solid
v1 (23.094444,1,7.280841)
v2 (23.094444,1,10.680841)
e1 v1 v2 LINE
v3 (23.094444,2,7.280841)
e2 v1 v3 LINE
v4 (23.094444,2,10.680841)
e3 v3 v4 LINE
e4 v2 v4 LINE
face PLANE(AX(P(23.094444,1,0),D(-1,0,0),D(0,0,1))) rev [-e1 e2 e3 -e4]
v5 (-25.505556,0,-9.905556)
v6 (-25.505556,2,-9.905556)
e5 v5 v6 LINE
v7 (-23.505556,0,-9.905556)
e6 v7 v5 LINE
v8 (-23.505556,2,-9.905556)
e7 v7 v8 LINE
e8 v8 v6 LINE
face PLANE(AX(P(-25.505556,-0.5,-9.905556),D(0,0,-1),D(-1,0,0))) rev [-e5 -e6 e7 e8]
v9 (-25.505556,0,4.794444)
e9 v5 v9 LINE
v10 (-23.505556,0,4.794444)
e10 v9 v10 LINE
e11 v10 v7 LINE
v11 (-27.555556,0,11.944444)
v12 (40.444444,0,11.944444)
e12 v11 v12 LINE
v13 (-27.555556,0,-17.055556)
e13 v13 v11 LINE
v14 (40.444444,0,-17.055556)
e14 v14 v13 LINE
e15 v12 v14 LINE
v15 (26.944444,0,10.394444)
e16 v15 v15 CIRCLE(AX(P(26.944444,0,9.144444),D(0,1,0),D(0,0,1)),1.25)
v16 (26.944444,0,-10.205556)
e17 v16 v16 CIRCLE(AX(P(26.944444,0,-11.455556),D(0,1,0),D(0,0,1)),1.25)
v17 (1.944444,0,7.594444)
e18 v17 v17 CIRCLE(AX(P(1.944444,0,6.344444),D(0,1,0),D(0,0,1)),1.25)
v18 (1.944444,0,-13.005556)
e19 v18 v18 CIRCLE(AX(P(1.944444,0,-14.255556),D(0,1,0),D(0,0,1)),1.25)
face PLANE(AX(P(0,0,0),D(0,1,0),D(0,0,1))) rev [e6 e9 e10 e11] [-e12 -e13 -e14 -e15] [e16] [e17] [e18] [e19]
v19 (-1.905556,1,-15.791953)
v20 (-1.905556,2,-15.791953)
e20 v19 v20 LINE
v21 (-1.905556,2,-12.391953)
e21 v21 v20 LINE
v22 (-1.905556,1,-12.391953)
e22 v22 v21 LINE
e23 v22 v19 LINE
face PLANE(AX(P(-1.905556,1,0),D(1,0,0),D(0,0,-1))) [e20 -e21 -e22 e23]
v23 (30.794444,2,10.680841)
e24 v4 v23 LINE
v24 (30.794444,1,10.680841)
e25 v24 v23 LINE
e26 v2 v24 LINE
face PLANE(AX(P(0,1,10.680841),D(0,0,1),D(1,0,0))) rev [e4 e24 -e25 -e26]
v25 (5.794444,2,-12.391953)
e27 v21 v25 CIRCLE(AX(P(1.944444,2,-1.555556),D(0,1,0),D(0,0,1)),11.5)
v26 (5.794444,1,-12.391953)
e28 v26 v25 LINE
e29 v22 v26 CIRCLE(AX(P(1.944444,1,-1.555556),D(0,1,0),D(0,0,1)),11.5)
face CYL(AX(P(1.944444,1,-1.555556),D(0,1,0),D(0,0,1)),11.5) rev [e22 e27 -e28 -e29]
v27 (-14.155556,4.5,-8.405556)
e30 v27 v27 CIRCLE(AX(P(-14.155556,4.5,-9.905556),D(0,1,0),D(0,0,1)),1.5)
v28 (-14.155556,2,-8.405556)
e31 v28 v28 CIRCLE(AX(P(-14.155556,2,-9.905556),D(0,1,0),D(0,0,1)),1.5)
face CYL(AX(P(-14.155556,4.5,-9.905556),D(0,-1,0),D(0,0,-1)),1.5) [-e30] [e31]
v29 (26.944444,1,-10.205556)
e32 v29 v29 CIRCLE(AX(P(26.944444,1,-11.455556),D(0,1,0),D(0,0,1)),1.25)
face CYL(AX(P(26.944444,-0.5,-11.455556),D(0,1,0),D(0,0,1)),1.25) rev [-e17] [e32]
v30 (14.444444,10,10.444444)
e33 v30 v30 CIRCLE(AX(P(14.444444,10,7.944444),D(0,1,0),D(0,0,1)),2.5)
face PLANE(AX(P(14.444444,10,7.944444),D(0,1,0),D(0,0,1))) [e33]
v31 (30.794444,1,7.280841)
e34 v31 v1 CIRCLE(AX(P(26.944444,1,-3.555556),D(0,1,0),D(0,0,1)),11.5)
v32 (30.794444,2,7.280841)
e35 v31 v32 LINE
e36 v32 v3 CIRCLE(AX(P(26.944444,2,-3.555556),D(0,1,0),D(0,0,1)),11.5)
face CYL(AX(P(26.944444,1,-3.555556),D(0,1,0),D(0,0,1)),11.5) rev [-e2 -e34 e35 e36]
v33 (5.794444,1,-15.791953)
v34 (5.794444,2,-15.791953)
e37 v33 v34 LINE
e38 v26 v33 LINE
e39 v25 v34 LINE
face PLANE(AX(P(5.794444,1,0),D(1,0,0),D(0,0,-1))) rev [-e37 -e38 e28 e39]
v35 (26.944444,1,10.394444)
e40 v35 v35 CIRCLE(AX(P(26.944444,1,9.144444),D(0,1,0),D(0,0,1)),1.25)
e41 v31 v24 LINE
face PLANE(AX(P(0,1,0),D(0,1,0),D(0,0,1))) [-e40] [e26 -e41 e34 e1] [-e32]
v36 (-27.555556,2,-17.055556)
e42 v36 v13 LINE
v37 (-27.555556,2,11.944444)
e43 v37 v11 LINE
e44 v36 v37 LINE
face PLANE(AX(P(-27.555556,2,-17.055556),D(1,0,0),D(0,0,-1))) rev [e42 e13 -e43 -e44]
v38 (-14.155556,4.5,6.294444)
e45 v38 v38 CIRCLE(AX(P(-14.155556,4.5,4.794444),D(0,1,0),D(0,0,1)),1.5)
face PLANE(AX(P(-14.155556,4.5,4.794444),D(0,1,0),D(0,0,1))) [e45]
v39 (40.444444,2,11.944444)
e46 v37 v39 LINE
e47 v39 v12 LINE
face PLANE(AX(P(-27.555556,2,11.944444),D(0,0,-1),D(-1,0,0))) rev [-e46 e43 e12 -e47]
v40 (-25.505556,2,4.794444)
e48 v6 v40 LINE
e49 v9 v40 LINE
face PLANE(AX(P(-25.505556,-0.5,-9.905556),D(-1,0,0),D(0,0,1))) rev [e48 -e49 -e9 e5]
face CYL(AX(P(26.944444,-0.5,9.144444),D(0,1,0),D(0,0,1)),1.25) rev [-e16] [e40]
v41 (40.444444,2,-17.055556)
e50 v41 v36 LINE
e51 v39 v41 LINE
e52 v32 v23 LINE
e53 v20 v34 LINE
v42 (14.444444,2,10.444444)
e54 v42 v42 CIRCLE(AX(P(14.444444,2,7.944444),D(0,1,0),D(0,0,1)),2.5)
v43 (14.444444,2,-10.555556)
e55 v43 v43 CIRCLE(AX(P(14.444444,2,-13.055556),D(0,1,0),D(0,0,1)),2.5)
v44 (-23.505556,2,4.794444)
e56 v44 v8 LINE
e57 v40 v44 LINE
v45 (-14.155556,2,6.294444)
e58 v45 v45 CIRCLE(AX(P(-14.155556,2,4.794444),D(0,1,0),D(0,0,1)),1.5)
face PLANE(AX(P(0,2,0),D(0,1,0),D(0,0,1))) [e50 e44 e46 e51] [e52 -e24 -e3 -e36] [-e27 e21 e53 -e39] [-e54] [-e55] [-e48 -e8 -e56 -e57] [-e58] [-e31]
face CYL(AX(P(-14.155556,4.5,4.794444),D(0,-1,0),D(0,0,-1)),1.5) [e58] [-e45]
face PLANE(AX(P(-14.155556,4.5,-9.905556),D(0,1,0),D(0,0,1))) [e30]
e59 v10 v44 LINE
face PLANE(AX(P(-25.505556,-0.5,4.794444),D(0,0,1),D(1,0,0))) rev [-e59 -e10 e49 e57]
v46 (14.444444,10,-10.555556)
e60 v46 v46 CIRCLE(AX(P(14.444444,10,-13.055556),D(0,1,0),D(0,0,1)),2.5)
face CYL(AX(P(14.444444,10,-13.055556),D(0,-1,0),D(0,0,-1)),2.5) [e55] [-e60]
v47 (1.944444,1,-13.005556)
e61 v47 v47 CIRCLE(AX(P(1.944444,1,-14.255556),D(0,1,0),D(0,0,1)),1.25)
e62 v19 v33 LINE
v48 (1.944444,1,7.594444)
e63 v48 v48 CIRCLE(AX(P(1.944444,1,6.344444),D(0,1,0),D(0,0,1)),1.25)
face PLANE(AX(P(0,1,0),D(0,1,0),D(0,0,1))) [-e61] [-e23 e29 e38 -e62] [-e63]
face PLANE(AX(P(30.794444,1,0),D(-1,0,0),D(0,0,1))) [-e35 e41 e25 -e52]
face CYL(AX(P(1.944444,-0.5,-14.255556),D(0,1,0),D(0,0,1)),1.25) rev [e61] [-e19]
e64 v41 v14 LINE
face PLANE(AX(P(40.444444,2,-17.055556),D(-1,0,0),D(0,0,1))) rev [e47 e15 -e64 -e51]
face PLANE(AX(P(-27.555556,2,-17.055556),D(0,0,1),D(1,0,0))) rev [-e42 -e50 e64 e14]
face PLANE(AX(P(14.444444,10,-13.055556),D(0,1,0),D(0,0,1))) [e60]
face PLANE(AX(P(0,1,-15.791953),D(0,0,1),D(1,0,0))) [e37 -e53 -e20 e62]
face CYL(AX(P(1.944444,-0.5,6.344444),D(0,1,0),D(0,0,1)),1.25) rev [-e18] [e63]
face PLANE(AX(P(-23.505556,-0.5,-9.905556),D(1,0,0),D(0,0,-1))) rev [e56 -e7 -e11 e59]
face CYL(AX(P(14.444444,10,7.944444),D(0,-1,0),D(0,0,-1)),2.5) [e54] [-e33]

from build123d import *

# Parameters (mm, degrees)
SKETCH1_W             = 68
SKETCH1_H             = 29
BASE_DEPTH            = 2
SKETCH2_R             = 1.5
LEFT_PEG_DEPTH        = 2.5
SKETCH3_R             = 1.5
RIGHT_PEG_DEPTH       = 2.5
SKETCH4_W             = 2
SKETCH4_H             = 14.7
ACCEL_WIRE_HOLE_DEPTH = 2.5
RIGHT_BATTERY_DEPTH   = 1
LEFT_BATTERY_DEPTH    = 1
SKETCH12_R            = 1.25
CUT_EXTRUDE10_DEPTH   = 1.5
SKETCH13_R            = 1.25
CUT_EXTRUDE11_DEPTH   = 1.5
SKETCH14_R            = 2.5
BOSS_EXTRUDE1_DEPTH   = 8


with BuildPart() as part:
    # Sketch1 → base (new body)
    with BuildSketch(Plane(origin=(0, 0, 0), x_dir=(1, 0, 0), z_dir=(0, 1, 0))):
        with Locations((6.444444444, 2.555555556)):
            Rectangle(SKETCH1_W, SKETCH1_H)
    extrude(amount=BASE_DEPTH)

    # Sketch2 → left peg (add)
    with BuildSketch(Plane(origin=(0, 2, 0), x_dir=(1, 0, 0), z_dir=(0, 1, 0))):
        with Locations(Location((-14.155555556, -4.794444444, 0), (0, 0, 270))):
            Circle(SKETCH2_R)
    extrude(amount=LEFT_PEG_DEPTH)

    # Sketch3 → right peg (add)
    with BuildSketch(Plane(origin=(0, 2, 0), x_dir=(1, 0, 0), z_dir=(0, 1, 0))):
        with Locations(Location((-14.155555556, 9.905555556, 0), (0, 0, 270))):
            Circle(SKETCH3_R)
    extrude(amount=RIGHT_PEG_DEPTH)

    # Sketch4 → accel wire hole (cut)
    with BuildSketch(Plane(origin=(0, 2, 0), x_dir=(1, 0, 0), z_dir=(0, 1, 0))):
        with Locations((-24.505555556, 2.555555556)):
            Rectangle(SKETCH4_W, SKETCH4_H)
    extrude(amount=-ACCEL_WIRE_HOLE_DEPTH, mode=Mode.SUBTRACT)

    # Sketch10 → right battery (cut)
    with BuildSketch(Plane(origin=(0, 2, 0), x_dir=(1, 0, 0), z_dir=(0, 1, 0))):
        with BuildLine():
            ThreePointArc((38.444444444, 3.555555556), (20.312137154, 12.950367954), (23.094444444, -7.280841447))
            Line((23.094444444, -7.280841447), (30.794444444, -7.280841447))
            ThreePointArc((30.794444444, -7.280841447), (36.339256843, -3.076751735), (38.444444444, 3.555555556))
        make_face()
        with BuildLine():
            Line((30.794444444, -7.280841447), (23.094444444, -7.280841447))
            ThreePointArc((23.094444444, -7.280841447), (26.944444444, -7.944444444), (30.794444444, -7.280841447))
        make_face()
        with BuildLine():
            ThreePointArc((30.794444444, -7.280841447), (26.944444444, -7.944444444), (23.094444444, -7.280841447))
            Line((23.094444444, -7.280841447), (23.094444444, -10.680841447))
            Line((23.094444444, -10.680841447), (30.794444444, -10.680841447))
            Line((30.794444444, -10.680841447), (30.794444444, -7.280841447))
        make_face()
    extrude(amount=-RIGHT_BATTERY_DEPTH, mode=Mode.SUBTRACT)

    # Sketch11 → left battery (cut)
    with BuildSketch(Plane(origin=(0, 2, 0), x_dir=(1, 0, 0), z_dir=(0, 1, 0))):
        with BuildLine():
            ThreePointArc((5.794444444, 12.391952558), (1.944444444, 13.055555556), (-1.905555556, 12.391952558))
            Line((-1.905555556, 12.391952558), (5.794444444, 12.391952558))
        make_face()
        with BuildLine():
            Line((5.794444444, 12.391952558), (-1.905555556, 12.391952558))
            ThreePointArc((-1.905555556, 12.391952558), (-4.687862846, -7.839256843), (13.444444444, 1.555555556))
            ThreePointArc((13.444444444, 1.555555556), (11.339256843, 8.187862846), (5.794444444, 12.391952558))
        make_face()
        with BuildLine():
            Line((-1.905555556, 15.791952558), (-1.905555556, 12.391952558))
            ThreePointArc((-1.905555556, 12.391952558), (1.944444444, 13.055555556), (5.794444444, 12.391952558))
            Line((5.794444444, 12.391952558), (5.794444444, 15.791952558))
            Line((5.794444444, 15.791952558), (-1.905555556, 15.791952558))
        make_face()
    extrude(amount=-LEFT_BATTERY_DEPTH, mode=Mode.SUBTRACT)

    # Sketch12 → Cut-Extrude10 (cut)
    with BuildSketch(Plane(origin=(0, 1, 0), x_dir=(1, 0, 0), z_dir=(0, 1, 0))):
        with Locations(Location((1.944444444, 14.255555556, 0), (0, 0, 270))):
            Circle(SKETCH12_R)
        with Locations(Location((1.944444444, -6.344444444, 0), (0, 0, 270))):
            Circle(SKETCH12_R)
    extrude(amount=-CUT_EXTRUDE10_DEPTH, mode=Mode.SUBTRACT)

    # Sketch13 → Cut-Extrude11 (cut)
    with BuildSketch(Plane(origin=(0, 1, 0), x_dir=(1, 0, 0), z_dir=(0, 1, 0))):
        with Locations(Location((26.944444444, 11.455555556, 0), (0, 0, 270))):
            Circle(SKETCH13_R)
        with Locations(Location((26.944444444, -9.144444444, 0), (0, 0, 270))):
            Circle(SKETCH13_R)
    extrude(amount=-CUT_EXTRUDE11_DEPTH, mode=Mode.SUBTRACT)

    # Sketch14 → Boss-Extrude1 (add)
    with BuildSketch(Plane(origin=(0, 2, 0), x_dir=(1, 0, 0), z_dir=(0, 1, 0))):
        with Locations(Location((14.444444444, 13.055555556, 0), (0, 0, 270))):
            Circle(SKETCH14_R)
        with Locations(Location((14.444444444, -7.944444444, 0), (0, 0, 270))):
            Circle(SKETCH14_R)
    extrude(amount=BOSS_EXTRUDE1_DEPTH)


solid = part.part
